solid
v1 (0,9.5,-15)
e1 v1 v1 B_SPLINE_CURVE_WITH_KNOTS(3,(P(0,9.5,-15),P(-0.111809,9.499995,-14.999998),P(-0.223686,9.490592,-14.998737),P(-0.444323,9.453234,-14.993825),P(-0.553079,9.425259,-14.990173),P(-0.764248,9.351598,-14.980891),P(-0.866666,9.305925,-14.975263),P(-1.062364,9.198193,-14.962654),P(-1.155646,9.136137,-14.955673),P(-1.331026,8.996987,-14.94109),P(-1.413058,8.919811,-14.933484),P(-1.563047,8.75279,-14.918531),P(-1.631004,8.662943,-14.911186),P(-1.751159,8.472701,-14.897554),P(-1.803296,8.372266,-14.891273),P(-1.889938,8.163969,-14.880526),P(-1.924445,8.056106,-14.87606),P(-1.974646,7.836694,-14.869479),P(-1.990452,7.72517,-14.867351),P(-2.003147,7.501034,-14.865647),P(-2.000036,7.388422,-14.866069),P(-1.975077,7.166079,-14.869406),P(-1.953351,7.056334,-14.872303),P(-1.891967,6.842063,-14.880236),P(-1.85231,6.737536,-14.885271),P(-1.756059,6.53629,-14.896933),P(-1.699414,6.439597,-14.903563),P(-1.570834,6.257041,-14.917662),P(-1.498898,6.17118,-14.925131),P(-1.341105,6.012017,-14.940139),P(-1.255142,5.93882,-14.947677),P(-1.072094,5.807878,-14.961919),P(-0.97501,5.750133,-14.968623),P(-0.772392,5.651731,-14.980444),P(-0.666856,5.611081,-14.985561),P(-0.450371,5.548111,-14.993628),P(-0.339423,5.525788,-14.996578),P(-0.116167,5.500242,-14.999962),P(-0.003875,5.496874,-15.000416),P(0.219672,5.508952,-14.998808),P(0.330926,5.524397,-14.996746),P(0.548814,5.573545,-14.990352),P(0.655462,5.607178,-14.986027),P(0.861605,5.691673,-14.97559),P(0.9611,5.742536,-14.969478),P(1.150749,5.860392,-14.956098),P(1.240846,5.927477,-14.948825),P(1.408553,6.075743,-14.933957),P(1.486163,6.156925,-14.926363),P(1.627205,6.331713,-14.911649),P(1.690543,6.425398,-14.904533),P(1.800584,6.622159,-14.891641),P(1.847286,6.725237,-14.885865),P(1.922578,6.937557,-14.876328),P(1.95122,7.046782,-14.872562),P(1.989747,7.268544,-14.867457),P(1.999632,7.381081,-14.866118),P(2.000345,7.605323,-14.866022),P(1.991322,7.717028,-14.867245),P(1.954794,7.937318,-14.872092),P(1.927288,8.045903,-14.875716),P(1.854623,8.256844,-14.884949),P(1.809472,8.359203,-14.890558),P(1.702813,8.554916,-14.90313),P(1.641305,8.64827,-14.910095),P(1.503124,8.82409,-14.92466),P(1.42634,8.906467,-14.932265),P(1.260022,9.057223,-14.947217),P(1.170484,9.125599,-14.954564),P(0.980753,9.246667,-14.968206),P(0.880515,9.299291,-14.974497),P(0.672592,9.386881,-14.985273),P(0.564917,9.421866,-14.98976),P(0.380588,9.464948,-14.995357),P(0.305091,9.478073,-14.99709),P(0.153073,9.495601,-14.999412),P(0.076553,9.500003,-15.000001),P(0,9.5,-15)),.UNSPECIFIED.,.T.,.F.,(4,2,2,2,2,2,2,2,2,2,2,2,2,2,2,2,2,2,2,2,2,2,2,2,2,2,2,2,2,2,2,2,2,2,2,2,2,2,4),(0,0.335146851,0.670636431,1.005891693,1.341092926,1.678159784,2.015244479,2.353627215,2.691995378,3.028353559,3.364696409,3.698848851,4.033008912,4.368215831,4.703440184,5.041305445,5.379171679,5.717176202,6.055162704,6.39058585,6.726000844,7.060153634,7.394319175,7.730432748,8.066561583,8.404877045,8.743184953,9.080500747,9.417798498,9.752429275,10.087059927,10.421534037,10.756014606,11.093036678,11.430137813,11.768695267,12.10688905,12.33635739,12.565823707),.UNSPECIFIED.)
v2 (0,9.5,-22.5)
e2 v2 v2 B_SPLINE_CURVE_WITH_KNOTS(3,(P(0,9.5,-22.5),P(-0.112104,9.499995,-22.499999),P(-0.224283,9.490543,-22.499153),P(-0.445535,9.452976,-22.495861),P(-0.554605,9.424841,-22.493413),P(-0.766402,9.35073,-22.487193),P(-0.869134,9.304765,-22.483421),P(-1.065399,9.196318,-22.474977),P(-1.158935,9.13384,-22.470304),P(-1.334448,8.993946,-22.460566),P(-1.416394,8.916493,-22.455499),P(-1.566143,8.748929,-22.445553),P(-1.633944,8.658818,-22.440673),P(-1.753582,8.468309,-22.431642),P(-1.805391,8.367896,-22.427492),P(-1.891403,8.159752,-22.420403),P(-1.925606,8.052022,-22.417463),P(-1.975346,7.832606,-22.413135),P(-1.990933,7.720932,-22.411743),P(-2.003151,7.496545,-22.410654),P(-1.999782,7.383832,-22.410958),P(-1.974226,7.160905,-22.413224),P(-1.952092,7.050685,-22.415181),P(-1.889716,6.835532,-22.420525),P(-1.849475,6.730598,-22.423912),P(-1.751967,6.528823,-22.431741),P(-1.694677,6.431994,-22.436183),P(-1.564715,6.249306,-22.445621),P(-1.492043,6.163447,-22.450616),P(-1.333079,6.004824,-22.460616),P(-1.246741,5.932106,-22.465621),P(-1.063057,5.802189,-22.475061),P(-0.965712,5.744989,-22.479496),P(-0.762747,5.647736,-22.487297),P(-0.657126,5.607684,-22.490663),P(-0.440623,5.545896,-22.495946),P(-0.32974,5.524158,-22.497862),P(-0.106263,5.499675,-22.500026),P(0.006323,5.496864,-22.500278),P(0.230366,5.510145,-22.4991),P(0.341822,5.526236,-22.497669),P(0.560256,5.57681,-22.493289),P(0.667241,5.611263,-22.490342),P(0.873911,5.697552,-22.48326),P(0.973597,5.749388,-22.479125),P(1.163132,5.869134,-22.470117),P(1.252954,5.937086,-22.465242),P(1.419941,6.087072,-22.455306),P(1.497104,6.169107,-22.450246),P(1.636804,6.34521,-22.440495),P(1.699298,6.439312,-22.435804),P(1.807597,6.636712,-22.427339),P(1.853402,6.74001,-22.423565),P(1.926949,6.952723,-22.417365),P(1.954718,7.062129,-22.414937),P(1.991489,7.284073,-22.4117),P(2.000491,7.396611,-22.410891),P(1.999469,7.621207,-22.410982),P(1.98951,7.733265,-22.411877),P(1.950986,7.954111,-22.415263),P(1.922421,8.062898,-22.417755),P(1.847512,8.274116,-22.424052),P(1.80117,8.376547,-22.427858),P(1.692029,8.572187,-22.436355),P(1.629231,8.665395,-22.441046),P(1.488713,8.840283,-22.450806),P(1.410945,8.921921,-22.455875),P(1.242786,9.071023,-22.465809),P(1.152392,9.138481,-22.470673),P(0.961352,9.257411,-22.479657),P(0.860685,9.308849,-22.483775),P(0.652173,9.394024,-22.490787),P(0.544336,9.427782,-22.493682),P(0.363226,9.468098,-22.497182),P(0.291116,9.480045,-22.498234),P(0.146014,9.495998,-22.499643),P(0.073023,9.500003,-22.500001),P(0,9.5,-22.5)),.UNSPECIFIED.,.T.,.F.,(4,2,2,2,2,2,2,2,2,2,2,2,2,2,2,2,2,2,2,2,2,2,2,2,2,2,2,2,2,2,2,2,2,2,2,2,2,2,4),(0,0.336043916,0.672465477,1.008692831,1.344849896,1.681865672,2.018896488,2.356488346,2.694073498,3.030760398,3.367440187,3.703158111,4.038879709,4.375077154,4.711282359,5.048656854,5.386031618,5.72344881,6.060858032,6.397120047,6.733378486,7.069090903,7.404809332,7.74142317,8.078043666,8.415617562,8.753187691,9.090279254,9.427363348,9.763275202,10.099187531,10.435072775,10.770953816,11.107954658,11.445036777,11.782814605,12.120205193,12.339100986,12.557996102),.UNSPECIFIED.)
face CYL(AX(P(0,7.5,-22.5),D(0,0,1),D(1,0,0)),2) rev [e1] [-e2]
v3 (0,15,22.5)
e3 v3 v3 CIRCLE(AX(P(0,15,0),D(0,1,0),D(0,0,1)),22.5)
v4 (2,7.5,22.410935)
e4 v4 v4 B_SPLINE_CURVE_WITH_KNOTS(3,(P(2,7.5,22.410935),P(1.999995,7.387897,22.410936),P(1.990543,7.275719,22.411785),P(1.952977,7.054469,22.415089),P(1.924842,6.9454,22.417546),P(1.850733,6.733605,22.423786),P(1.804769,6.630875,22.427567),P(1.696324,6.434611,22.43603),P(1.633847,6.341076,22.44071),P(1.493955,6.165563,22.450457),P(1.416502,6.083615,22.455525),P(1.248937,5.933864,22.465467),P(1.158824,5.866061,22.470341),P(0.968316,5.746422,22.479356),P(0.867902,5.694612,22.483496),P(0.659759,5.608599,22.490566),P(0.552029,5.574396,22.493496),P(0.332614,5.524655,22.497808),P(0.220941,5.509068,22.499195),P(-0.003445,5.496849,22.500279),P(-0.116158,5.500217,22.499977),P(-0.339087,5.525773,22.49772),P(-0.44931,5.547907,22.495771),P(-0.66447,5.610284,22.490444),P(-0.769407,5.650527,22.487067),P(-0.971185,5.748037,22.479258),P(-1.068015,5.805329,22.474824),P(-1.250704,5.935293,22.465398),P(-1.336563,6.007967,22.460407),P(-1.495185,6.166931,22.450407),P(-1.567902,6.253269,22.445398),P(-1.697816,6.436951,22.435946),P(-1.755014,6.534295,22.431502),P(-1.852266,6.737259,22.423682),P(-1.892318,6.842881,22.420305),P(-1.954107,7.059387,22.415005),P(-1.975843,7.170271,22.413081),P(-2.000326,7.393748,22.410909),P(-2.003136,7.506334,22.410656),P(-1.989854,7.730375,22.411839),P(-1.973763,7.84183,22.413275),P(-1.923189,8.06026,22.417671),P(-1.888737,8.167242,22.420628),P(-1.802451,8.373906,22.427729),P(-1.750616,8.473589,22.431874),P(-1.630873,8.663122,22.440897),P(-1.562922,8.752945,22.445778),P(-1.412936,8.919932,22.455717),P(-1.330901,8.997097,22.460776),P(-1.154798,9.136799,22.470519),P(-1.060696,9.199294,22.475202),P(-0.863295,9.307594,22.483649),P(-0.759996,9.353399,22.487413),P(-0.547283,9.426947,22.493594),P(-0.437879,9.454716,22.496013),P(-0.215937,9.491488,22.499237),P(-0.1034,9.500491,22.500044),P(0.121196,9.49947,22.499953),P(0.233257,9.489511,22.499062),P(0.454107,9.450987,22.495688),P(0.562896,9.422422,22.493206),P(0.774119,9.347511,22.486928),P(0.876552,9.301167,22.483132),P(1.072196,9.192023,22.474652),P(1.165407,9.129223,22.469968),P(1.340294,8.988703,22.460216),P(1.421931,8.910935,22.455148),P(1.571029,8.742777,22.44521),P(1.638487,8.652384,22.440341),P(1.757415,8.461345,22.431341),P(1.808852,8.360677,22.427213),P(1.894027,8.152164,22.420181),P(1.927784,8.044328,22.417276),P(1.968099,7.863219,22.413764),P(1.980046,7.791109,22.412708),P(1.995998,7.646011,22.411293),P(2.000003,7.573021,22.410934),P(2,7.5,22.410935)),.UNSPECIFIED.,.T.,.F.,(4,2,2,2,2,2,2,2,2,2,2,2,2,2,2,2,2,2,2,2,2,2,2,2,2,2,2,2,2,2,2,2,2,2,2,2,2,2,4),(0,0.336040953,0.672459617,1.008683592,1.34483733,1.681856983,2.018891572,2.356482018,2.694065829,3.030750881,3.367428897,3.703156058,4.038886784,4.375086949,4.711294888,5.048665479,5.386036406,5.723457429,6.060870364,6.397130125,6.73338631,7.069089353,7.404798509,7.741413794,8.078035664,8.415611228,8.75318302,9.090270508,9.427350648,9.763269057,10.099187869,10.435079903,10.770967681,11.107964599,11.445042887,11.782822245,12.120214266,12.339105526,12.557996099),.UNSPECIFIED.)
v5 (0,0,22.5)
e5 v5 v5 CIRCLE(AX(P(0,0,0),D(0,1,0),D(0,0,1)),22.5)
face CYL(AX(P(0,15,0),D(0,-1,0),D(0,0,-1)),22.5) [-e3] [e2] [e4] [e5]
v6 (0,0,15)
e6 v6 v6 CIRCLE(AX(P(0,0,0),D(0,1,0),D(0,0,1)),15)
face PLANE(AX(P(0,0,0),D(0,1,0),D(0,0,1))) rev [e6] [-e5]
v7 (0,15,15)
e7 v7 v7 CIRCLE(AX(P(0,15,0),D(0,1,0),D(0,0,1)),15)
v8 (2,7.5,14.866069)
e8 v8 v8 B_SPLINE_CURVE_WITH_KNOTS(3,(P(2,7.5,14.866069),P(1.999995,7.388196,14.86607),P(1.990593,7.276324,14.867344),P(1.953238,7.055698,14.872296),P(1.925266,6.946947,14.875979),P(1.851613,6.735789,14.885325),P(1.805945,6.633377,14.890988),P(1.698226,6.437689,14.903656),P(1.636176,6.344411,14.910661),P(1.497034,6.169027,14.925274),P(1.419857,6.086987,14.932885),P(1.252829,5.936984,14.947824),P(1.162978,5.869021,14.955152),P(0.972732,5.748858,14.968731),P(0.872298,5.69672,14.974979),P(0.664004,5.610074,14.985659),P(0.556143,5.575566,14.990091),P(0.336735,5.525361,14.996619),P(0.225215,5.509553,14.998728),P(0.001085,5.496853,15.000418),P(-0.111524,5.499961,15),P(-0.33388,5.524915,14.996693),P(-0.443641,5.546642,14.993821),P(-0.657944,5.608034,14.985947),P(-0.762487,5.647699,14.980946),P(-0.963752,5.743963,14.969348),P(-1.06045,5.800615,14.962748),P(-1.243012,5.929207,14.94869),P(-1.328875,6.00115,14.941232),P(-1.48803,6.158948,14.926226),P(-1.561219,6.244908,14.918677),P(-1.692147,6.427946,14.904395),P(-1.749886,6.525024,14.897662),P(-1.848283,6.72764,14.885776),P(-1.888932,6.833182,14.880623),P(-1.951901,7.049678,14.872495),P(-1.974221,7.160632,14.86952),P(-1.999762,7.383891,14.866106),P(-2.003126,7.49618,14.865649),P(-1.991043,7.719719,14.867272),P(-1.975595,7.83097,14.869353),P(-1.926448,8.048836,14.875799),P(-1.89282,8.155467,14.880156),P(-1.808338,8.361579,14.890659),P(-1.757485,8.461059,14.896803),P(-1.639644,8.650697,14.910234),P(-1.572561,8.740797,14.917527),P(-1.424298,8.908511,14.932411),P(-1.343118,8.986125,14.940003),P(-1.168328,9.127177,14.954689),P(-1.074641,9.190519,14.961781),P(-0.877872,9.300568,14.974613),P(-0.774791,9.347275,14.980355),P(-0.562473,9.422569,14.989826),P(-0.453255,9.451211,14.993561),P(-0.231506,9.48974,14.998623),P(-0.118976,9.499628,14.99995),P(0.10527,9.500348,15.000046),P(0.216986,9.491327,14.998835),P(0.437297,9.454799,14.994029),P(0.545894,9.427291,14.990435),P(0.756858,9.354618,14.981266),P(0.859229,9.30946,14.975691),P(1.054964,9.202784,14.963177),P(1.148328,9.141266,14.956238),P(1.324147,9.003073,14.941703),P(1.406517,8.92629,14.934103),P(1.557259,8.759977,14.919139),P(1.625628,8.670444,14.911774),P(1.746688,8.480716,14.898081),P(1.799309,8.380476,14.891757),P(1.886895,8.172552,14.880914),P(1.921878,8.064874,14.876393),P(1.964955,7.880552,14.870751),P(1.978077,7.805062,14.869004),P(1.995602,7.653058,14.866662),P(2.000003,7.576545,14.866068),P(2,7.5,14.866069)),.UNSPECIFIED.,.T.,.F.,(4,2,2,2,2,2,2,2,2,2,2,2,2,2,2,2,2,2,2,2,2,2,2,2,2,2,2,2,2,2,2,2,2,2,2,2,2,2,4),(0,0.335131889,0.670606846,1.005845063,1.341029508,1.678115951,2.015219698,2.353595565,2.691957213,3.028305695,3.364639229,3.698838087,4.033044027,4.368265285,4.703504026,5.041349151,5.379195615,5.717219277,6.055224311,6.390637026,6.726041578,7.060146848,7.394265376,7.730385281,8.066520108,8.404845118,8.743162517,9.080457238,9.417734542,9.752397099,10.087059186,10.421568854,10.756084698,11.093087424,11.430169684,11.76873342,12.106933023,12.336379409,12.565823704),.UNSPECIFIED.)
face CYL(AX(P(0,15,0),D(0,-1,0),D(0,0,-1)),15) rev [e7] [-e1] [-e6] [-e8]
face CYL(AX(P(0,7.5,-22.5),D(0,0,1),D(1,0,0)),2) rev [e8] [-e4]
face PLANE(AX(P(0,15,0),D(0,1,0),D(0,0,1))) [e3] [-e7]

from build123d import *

# Parameters (mm, degrees)
SKETCH1_R               = 22.5
SKETCH1_R_2             = 15
BOSS_EXTRUDE1_DEPTH     = 15
CUT_EXTRUDE1_DEPTH      = 36.178118199
CUT_EXTRUDE1_DEPTH_BACK = 36.178118199
SKETCH2_R               = 2


with BuildPart() as part:
    # Sketch1 → Boss-Extrude1 (new body)
    with BuildSketch(Plane(origin=(0, 0, 0), x_dir=(1, 0, 0), z_dir=(0, 1, 0))):
        with Locations(Location((0, 0, 0), (0, 0, 270))):
            Circle(SKETCH1_R)
        with Locations(Location((0, 0, 0), (0, 0, 270))):
            Circle(SKETCH1_R_2, mode=Mode.SUBTRACT)
    extrude(amount=BOSS_EXTRUDE1_DEPTH)

    # Sketch2 → Cut-Extrude1 (cut, two sides: drawn at the far end of the back side and taken through both)
    with BuildSketch(Plane.XY.offset(-CUT_EXTRUDE1_DEPTH_BACK)):
        with Locations((0, 7.5)):
            Circle(SKETCH2_R)
    extrude(amount=CUT_EXTRUDE1_DEPTH + CUT_EXTRUDE1_DEPTH_BACK, mode=Mode.SUBTRACT)


solid = part.part
